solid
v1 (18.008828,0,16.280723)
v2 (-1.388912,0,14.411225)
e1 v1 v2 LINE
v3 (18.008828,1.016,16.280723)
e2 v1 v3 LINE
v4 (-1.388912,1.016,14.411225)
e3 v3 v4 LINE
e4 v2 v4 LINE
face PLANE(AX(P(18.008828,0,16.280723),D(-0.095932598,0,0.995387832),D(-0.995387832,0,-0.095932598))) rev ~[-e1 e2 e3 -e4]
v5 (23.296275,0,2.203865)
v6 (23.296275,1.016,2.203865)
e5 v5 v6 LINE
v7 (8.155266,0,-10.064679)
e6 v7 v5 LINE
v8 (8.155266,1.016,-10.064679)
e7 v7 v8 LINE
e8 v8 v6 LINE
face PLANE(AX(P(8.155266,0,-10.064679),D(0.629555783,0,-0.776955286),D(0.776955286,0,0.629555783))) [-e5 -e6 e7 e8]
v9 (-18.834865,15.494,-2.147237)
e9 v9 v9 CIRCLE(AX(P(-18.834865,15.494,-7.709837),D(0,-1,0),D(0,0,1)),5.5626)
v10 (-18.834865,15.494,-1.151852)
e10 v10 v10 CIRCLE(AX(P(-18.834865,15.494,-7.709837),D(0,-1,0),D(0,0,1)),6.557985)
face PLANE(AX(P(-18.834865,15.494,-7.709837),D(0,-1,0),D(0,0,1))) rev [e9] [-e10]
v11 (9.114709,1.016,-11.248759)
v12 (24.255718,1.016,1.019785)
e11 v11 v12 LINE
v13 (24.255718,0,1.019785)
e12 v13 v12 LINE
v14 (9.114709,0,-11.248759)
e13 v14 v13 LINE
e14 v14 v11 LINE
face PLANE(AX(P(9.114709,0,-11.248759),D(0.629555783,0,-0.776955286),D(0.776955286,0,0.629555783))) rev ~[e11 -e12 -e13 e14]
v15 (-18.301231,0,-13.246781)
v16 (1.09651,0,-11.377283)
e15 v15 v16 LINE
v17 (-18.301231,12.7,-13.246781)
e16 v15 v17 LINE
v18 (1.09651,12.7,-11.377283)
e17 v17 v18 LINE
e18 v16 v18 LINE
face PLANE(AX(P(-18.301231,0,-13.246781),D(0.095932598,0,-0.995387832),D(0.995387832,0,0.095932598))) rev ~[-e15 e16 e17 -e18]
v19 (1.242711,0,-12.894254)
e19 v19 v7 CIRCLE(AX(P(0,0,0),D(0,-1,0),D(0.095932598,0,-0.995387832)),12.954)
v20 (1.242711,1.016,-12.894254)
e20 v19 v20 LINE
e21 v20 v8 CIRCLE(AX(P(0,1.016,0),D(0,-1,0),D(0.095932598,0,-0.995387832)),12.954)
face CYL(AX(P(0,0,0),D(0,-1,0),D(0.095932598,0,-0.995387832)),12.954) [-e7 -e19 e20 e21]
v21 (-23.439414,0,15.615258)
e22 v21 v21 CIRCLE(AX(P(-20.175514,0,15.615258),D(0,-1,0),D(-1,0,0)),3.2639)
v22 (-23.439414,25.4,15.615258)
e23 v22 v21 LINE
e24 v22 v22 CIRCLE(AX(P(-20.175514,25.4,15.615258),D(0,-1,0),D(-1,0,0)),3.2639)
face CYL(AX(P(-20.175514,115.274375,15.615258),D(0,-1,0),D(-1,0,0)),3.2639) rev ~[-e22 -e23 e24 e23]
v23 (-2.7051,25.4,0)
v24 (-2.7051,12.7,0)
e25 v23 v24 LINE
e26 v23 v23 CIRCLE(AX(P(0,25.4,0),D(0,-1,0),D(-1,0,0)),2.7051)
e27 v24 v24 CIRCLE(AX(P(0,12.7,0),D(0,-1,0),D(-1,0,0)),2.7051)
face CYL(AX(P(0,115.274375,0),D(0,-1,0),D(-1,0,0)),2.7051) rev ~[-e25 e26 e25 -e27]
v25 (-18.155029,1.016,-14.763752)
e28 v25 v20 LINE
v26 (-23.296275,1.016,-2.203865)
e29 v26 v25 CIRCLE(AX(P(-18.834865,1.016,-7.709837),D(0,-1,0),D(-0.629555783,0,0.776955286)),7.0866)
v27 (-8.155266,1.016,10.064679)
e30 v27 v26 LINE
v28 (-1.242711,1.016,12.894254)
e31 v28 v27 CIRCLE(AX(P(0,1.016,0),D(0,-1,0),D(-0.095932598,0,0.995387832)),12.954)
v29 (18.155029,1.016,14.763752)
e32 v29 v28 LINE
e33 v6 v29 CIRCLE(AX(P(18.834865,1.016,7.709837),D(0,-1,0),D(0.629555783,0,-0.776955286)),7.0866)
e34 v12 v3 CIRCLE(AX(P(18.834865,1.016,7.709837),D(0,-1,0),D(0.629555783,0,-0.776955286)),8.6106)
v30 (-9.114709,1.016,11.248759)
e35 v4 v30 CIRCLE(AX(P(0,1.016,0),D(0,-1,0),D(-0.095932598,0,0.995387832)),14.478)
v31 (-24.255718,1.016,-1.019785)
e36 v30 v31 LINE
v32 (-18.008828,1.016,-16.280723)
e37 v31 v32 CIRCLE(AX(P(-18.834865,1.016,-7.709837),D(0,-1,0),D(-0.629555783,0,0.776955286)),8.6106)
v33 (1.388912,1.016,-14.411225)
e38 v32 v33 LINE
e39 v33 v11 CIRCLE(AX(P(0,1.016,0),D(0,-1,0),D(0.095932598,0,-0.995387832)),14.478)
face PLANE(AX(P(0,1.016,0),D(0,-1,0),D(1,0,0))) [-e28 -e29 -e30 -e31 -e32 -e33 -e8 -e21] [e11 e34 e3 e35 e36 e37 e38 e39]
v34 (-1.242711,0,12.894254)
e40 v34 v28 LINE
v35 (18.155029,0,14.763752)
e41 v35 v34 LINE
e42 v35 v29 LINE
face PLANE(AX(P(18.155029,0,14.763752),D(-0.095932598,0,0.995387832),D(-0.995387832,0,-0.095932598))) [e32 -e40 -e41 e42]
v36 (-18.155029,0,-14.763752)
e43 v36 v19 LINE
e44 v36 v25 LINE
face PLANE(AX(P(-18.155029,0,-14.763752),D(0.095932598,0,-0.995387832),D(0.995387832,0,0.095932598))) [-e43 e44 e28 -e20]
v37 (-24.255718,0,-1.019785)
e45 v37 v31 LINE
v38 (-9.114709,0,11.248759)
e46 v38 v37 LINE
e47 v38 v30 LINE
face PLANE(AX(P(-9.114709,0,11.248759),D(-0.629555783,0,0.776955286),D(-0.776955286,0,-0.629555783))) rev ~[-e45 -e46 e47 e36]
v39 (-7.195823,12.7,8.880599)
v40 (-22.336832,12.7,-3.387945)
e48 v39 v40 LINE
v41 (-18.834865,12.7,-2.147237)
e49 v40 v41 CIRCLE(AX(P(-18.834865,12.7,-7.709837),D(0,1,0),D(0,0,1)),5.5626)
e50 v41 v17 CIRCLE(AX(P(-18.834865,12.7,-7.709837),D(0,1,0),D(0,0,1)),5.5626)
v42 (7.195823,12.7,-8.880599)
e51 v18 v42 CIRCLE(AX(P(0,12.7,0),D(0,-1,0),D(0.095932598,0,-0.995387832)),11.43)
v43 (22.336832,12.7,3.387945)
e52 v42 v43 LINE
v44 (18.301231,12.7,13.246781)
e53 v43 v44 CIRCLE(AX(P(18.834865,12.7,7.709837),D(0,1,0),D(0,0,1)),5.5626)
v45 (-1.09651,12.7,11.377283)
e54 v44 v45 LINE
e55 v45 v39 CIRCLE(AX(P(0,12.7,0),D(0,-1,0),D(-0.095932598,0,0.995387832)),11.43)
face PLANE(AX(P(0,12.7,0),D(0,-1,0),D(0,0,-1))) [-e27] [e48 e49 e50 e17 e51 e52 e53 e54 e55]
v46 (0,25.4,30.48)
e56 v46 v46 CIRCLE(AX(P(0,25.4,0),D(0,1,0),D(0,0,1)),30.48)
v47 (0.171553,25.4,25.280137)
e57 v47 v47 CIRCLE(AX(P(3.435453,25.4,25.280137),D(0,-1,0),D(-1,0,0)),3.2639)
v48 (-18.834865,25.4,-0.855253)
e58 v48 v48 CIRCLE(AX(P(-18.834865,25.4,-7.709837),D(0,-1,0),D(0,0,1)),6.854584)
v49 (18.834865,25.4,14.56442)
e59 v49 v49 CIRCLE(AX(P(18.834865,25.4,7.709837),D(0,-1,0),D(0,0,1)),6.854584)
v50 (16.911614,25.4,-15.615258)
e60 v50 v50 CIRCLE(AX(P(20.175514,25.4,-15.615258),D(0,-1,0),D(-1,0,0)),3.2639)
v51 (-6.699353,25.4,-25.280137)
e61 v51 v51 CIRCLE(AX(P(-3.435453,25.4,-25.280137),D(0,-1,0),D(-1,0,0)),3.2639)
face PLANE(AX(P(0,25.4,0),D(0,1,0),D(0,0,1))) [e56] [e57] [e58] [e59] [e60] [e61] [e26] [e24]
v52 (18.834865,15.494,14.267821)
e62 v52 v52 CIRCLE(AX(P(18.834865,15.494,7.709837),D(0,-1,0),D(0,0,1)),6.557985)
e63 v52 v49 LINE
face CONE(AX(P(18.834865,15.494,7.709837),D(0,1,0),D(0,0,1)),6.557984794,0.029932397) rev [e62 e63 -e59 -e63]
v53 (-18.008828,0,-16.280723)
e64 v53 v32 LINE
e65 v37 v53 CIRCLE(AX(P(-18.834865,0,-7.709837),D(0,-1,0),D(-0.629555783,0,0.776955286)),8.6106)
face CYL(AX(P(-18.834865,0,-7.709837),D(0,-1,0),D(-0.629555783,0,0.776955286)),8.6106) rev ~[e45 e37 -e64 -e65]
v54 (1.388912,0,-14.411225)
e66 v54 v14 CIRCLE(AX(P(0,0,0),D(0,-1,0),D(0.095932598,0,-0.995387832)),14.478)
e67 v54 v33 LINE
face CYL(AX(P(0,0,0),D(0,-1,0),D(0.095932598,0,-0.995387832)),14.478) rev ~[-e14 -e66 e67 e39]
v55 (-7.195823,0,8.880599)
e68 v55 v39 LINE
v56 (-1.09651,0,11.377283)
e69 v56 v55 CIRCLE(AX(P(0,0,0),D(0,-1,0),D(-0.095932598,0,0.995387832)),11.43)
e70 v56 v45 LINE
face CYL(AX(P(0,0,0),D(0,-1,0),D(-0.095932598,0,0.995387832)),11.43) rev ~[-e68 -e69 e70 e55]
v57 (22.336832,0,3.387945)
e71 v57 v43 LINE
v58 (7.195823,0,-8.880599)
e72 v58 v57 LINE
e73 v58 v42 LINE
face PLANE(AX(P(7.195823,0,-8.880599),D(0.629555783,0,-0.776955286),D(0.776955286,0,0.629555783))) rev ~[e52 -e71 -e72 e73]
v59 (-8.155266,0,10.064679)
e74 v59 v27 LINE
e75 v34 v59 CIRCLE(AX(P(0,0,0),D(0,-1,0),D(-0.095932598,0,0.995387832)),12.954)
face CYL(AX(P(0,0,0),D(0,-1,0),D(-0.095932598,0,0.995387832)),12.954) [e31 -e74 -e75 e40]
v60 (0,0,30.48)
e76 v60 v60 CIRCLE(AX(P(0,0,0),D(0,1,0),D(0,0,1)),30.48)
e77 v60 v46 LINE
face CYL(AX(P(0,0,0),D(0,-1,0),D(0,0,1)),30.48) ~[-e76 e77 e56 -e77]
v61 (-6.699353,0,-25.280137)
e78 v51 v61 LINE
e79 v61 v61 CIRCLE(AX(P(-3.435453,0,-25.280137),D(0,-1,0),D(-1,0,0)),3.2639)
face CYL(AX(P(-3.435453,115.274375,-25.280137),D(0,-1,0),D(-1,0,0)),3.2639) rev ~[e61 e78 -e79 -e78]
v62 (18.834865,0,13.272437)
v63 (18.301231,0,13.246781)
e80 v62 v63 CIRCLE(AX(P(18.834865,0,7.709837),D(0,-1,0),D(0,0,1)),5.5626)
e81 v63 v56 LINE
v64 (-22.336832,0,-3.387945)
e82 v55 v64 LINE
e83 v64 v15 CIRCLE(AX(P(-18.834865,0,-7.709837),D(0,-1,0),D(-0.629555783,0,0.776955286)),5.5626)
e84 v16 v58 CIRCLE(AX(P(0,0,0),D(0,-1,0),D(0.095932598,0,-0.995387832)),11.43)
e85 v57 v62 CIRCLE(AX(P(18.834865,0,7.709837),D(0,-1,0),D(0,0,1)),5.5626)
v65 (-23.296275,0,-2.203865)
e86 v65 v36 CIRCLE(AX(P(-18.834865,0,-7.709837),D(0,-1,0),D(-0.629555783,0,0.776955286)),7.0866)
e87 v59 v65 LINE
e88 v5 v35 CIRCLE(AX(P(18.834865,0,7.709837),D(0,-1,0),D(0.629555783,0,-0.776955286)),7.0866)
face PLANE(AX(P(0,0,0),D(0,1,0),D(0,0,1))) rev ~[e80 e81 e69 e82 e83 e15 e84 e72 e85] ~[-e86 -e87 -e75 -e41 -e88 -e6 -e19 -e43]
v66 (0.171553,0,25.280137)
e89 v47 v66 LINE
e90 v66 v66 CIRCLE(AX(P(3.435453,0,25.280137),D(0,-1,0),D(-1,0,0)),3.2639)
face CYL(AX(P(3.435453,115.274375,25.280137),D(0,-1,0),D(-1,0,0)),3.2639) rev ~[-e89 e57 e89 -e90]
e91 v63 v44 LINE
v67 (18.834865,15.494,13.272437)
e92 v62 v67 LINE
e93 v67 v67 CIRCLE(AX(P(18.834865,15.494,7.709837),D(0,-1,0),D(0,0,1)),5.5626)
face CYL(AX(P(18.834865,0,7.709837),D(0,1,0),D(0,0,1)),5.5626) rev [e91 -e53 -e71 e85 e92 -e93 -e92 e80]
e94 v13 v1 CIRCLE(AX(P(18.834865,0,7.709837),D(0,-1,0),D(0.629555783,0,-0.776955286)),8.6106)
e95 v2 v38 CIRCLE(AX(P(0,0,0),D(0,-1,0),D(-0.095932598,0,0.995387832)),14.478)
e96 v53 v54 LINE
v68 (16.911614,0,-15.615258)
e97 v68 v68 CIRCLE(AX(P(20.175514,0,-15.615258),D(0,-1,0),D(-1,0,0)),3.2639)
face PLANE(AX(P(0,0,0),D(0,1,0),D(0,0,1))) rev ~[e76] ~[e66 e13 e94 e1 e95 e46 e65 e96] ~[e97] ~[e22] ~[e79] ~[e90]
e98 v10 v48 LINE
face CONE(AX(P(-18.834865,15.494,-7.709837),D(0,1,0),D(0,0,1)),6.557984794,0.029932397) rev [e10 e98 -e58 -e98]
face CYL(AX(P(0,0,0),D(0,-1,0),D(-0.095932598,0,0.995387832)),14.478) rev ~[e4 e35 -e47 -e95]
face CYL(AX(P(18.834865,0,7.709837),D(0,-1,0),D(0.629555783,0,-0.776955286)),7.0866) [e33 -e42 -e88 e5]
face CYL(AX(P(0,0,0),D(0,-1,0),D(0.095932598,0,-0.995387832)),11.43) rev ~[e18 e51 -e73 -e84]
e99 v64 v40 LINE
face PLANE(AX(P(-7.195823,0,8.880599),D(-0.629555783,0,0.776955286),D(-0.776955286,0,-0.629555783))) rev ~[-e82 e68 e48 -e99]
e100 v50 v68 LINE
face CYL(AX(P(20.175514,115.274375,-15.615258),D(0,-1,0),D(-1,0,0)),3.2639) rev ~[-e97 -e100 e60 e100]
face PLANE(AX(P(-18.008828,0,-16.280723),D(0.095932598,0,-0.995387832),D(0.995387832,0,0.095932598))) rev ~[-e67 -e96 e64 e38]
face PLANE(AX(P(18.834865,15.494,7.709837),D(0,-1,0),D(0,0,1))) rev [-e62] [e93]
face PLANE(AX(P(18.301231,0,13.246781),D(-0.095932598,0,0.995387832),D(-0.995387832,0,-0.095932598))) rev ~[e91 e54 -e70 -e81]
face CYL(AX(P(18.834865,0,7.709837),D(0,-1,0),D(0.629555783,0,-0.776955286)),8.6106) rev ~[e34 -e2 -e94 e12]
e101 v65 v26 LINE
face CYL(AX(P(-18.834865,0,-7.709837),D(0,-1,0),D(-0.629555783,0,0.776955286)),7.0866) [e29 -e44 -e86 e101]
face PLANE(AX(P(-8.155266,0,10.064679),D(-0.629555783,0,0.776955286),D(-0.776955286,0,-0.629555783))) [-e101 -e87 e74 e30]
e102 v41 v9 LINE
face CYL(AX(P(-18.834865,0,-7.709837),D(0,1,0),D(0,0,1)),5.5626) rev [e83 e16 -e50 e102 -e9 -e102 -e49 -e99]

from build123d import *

# Parameters (mm, degrees)
SKETCH1_R                         = 30.48
BOSS_EXTRUDE1_DEPTH               = 25.4
F_1_4_28_TAPPED_HOLE1_D           = 5.4102
SKETCH7_R                         = 11.43
CUT_EXTRUDE2_DEPTH                = 12.7
F_1_4_CLEARANCE_HOLE1_D           = 6.5278
F_1_4_NPT_TAPPED_HOLE1_AT_2_COUNT = 2
F_1_4_NPT_TAPPED_HOLE1_AT_2_PITCH = 40.7035
CUT_EXTRUDE3_DEPTH                = 12.7
GASKET_SLOT_DEPTH                 = 1.016


with BuildPart() as part:
    # Sketch1 → Boss-Extrude1 (new body)
    with BuildSketch(Plane(origin=(0, 0, 0), x_dir=(1, 0, 0), z_dir=(0, 1, 0))):
        with Locations(Location((0, 0, 0), (0, 0, 270))):
            Circle(SKETCH1_R)
    extrude(amount=BOSS_EXTRUDE1_DEPTH)

    # 1/4-28 Tapped Hole1 (through all)
    with Locations(Plane(origin=(0, 25.4, 0), x_dir=(1, 0, 0), z_dir=(0, 1, 0))):
        with Locations((0, 0)):
            Hole(F_1_4_28_TAPPED_HOLE1_D / 2)

    # Sketch7 → Cut-Extrude2 (cut)
    with BuildSketch(Plane.XZ):
        with Locations(Location((0, 0, 0), (0, 0, 270))):
            Circle(SKETCH7_R)
    extrude(amount=-CUT_EXTRUDE2_DEPTH, mode=Mode.SUBTRACT)

    # 1/4 Clearance Hole1 (through all)
    with Locations(Plane(origin=(0, 25.4, 0), x_dir=(1, 0, 0), z_dir=(0, 1, 0))):
        with Locations((20.175514493, 15.615257641), (3.435452557, -25.280136906), (-3.435452557, 25.280136906), (-20.175514493, -15.615257641)):
            Hole(F_1_4_CLEARANCE_HOLE1_D / 2)

    # Sketch12 → 1/4 NPT Tapped Hole1 (revolve, cut)
    with BuildSketch(Plane(origin=(-18.83486521, 25.4, -7.709836613), x_dir=(0, 0, 1), z_dir=(1, 0, 0))):
        Polygon((0, 0), (0, 25.4), (5.5626, 25.4), (5.5626, 9.906), (6.557984794, 9.906), (6.8545837, 0), align=None)
    f_1_4_npt_tapped_hole1 = revolve(axis=Axis((-18.83486521, 31.75, -7.709836613), (0, -1, 0)), mode=Mode.SUBTRACT)

    # 1/4 NPT Tapped Hole1 at 2: 1/4 NPT Tapped Hole1 ×2
    with Locations(*[Vector(0.9254666163685309, 0, 0.37882917256645177) * (i * F_1_4_NPT_TAPPED_HOLE1_AT_2_PITCH) for i in range(1, F_1_4_NPT_TAPPED_HOLE1_AT_2_COUNT)]):
        add(f_1_4_npt_tapped_hole1, mode=Mode.SUBTRACT)

    # Sketch13 → Cut-Extrude3 (cut)
    with BuildSketch(Plane.XZ):
        with BuildLine():
            Line((-7.195822597, 8.880598919), (-22.336832207, -3.387945139))
            ThreePointArc((-22.336832207, -3.387945139), (-23.98286581, -9.817111768), (-18.30123054, -13.246780969))
            Line((-18.30123054, -13.246780969), (1.096509596, -11.377282923))
            ThreePointArc((1.096509596, -11.377282923), (4.330017442, -10.578083425), (7.195822597, -8.880598919))
            Line((7.195822597, -8.880598919), (22.336832207, 3.387945139))
            ThreePointArc((22.336832207, 3.387945139), (23.98286581, 9.817111768), (18.30123054, 13.246780969))
            Line((18.30123054, 13.246780969), (-1.096509596, 11.377282923))
            ThreePointArc((-1.096509596, 11.377282923), (-4.330017442, 10.578083425), (-7.195822597, 8.880598919))
        make_face()
    extrude(amount=-CUT_EXTRUDE3_DEPTH, mode=Mode.SUBTRACT)

    # Sketch16 → gasket slot (cut)
    with BuildSketch(Plane.XZ):
        with BuildLine():
            Line((18.008827981, 16.280723081), (-1.388912154, 14.411225036))
            ThreePointArc((-1.388912154, 14.411225036), (-5.48468876, 13.398905672), (-9.114708623, 11.24875863))
            Line((-9.114708623, 11.24875863), (-24.255718233, -1.019785427))
            ThreePointArc((-24.255718233, -1.019785427), (-26.803688057, -10.971783086), (-18.008827981, -16.280723081))
            Line((-18.008827981, -16.280723081), (1.388912154, -14.411225036))
            ThreePointArc((1.388912154, -14.411225036), (5.48468876, -13.398905672), (9.114708623, -11.24875863))
            Line((9.114708623, -11.24875863), (24.255718233, 1.019785427))
            ThreePointArc((24.255718233, 1.019785427), (26.803688057, 10.971783086), (18.008827981, 16.280723081))
        make_face()
        with BuildLine():
            Line((18.15502926, 14.763752025), (-1.242710875, 12.894253979))
            ThreePointArc((-1.242710875, 12.894253979), (-4.907353101, 11.988494548), (-8.15526561, 10.064678774))
            Line((-8.15526561, 10.064678774), (-23.29627522, -2.203865283))
            ThreePointArc((-23.29627522, -2.203865283), (-25.393276933, -10.394447427), (-18.15502926, -14.763752025))
            Line((-18.15502926, -14.763752025), (1.242710875, -12.894253979))
            ThreePointArc((1.242710875, -12.894253979), (4.907353101, -11.988494548), (8.15526561, -10.064678774))
            Line((8.15526561, -10.064678774), (23.29627522, 2.203865283))
            ThreePointArc((23.29627522, 2.203865283), (25.393276933, 10.394447427), (18.15502926, 14.763752025))
        make_face(mode=Mode.SUBTRACT)
    extrude(amount=-GASKET_SLOT_DEPTH, mode=Mode.SUBTRACT)


solid = part.part
